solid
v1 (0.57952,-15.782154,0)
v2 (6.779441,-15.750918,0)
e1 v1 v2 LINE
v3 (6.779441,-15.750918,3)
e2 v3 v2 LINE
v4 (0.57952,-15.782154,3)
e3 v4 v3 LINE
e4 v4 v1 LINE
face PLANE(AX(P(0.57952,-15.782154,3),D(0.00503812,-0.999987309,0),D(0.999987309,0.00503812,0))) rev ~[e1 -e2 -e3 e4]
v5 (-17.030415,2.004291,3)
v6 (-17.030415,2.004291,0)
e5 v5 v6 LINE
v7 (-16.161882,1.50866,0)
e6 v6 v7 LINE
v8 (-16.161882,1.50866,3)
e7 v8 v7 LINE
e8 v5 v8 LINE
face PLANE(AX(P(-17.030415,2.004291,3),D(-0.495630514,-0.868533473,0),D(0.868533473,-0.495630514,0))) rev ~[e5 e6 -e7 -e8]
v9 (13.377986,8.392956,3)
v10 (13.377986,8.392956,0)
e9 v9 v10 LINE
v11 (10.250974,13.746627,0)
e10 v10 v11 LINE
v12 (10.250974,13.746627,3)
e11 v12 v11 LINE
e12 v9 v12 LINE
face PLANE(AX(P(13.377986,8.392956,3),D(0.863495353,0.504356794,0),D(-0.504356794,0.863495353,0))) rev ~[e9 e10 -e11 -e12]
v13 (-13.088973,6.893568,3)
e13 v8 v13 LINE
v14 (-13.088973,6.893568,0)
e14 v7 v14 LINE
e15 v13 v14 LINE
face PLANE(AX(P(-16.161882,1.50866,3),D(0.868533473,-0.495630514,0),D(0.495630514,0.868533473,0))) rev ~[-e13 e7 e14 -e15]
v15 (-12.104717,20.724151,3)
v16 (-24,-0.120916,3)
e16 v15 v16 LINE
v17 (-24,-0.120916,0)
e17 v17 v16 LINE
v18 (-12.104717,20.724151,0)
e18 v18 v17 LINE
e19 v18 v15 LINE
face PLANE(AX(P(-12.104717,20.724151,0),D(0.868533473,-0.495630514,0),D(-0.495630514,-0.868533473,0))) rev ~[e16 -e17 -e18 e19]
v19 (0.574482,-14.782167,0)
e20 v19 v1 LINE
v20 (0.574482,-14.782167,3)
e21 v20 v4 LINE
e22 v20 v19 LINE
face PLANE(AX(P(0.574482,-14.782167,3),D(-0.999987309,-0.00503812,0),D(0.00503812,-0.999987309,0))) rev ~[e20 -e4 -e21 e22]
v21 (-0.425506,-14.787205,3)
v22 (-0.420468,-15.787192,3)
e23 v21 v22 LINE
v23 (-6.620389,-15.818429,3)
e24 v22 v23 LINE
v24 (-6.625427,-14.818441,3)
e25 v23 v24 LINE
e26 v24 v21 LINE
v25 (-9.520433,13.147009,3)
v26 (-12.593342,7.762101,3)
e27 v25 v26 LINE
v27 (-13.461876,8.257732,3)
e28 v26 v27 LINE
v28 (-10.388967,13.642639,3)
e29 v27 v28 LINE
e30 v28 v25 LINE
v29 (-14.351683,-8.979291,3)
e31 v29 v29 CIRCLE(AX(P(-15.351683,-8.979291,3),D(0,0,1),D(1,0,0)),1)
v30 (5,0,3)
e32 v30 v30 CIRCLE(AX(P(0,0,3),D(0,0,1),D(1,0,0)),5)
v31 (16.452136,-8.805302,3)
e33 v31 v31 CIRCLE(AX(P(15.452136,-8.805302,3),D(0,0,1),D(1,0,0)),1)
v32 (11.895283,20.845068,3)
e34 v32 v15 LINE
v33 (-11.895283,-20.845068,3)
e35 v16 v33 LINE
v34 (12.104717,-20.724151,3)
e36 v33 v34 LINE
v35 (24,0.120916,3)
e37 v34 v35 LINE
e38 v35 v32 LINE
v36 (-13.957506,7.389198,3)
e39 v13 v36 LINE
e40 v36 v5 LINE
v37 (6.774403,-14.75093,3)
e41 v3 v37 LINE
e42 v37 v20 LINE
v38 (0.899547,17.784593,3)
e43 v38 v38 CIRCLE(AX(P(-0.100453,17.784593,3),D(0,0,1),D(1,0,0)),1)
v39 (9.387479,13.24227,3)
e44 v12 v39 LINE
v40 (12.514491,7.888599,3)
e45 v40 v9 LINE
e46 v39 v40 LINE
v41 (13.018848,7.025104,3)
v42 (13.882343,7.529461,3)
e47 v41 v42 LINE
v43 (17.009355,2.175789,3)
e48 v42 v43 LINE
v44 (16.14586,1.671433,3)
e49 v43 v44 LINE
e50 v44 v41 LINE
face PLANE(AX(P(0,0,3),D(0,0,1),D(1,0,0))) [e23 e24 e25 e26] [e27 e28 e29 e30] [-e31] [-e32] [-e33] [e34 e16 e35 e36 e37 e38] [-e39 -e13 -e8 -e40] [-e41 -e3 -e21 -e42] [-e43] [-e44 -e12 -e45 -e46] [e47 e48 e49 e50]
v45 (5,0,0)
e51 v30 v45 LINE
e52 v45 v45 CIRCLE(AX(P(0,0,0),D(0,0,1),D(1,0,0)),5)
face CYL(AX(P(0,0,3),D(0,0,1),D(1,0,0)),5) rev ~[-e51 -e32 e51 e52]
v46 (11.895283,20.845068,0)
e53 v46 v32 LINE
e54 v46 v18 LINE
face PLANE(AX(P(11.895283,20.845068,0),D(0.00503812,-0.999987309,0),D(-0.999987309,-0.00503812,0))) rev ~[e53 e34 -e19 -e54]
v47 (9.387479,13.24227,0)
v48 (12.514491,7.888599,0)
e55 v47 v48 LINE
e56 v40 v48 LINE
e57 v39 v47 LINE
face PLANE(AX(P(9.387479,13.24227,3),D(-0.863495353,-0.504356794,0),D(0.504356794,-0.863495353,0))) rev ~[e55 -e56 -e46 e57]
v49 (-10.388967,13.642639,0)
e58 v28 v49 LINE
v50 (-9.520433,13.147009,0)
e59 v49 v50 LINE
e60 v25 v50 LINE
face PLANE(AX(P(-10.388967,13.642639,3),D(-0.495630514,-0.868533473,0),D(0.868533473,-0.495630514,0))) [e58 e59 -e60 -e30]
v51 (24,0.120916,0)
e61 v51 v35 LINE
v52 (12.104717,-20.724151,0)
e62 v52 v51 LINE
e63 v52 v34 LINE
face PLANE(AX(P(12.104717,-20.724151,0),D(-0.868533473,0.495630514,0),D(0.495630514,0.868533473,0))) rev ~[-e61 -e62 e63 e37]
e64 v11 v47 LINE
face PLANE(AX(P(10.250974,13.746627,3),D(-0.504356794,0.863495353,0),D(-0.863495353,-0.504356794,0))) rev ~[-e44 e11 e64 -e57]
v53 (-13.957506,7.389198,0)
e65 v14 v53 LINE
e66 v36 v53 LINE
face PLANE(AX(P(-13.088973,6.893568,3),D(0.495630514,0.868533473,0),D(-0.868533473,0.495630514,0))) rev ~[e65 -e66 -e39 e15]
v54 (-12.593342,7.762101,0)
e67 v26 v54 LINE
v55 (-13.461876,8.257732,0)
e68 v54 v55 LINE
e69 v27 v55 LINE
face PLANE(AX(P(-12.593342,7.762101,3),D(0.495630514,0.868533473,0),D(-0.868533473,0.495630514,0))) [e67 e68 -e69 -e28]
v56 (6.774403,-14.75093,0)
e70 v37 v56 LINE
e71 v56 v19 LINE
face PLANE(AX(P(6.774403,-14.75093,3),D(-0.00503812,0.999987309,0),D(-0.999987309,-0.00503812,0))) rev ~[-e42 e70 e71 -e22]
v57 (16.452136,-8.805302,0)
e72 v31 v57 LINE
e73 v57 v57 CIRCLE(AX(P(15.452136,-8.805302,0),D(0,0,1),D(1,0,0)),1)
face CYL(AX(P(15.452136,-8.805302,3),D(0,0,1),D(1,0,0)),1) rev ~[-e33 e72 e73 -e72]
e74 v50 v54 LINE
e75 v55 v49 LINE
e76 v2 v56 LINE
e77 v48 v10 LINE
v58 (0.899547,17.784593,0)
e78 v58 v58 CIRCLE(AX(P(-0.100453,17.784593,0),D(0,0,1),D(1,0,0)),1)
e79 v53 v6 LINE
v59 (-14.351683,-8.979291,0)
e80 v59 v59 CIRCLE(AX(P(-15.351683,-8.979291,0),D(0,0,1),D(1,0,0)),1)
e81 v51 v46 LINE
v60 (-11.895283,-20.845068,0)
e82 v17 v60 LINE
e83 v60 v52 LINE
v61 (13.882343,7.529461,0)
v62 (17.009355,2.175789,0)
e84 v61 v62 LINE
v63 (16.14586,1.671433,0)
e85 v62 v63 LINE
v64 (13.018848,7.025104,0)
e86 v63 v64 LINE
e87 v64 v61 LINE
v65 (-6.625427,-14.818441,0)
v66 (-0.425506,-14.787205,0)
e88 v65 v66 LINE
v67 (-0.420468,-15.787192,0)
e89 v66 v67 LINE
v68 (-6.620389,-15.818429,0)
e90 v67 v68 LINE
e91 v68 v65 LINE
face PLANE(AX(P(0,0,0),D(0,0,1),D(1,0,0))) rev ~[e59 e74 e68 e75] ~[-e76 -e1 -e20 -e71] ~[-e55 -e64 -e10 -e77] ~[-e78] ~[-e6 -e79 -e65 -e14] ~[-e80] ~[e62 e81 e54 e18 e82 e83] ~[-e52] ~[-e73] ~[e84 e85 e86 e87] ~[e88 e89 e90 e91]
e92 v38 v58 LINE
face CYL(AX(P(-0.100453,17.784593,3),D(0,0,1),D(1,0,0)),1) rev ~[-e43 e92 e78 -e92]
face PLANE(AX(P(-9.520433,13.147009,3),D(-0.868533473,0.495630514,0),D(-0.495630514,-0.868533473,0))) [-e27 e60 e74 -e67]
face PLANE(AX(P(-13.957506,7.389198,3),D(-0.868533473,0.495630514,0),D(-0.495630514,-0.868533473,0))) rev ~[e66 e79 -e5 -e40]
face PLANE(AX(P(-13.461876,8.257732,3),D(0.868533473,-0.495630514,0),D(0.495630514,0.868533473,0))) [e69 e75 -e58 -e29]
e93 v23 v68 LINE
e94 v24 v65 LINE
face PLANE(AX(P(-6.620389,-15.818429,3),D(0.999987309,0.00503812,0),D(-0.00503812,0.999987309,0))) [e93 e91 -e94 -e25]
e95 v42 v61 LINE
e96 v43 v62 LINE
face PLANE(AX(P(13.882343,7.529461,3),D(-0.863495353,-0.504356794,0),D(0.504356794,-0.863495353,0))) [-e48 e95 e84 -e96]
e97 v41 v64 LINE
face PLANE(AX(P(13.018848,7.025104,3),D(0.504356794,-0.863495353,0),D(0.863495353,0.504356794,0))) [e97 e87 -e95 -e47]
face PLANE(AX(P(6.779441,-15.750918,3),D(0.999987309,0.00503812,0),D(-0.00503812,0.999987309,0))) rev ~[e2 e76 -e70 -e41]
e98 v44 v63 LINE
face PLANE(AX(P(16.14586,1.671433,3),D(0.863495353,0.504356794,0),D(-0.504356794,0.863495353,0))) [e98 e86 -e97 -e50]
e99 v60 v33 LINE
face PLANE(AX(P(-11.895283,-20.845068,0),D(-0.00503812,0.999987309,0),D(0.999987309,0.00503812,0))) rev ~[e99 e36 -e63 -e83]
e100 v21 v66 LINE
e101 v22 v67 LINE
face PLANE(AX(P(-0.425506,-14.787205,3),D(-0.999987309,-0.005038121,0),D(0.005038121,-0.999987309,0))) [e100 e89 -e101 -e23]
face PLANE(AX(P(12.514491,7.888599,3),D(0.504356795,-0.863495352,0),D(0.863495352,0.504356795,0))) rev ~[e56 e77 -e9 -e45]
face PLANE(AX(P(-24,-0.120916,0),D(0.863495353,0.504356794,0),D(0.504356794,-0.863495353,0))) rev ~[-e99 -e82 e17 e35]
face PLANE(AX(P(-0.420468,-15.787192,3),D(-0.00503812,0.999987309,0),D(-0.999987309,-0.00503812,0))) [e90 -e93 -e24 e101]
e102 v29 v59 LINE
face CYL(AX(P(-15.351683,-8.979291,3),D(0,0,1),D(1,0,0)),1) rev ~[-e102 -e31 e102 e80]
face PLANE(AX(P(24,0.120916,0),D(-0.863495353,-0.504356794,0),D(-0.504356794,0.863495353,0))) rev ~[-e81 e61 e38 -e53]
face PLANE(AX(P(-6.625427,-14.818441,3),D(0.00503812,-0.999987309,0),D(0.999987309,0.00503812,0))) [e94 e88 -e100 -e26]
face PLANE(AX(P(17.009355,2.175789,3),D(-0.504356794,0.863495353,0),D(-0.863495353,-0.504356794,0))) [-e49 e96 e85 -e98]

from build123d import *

# Parameters (mm, degrees)
EXTRUDE_1_DEPTH     = 3
CUT_EXTRUDE_1_DEPTH = 3
SKETCH_3_R          = 5
CUT_EXTRUDE_2_DEPTH = 3
SKETCH_6_R          = 1
CUT_EXTRUDE_3_DEPTH = 3


with BuildPart() as part:
    # 草图1 → 凸台-拉伸1 (new body)
    with BuildSketch(Plane.XY):
        Polygon((11.895283312, 20.845067899), (-12.104716688, 20.724151483), (-24, -0.120916416), (-11.895283312, -20.845067899), (12.104716688, -20.724151483), (24, 0.120916416), align=None)
    extrude(amount=EXTRUDE_1_DEPTH)

    # 草图2 → 切除-拉伸1 (cut)
    with BuildSketch(Plane.XY.offset(3)):
        Polygon((10.250974371, 13.746627049), (9.387479018, 13.242270255), (12.514491143, 7.888599068), (13.377986495, 8.392955863), align=None)
        Polygon((13.018847937, 7.025103716), (13.88234329, 7.52946051), (17.009355414, 2.175789323), (16.145860061, 1.671432529), align=None)
        Polygon((6.779441055, -15.750917743), (6.774402935, -14.750930435), (0.574481622, -14.782166779), (0.579519742, -15.782154088), align=None)
        Polygon((-0.425505687, -14.787204899), (-0.420467566, -15.787192208), (-6.62038888, -15.818428552), (-6.625427, -14.818441244), align=None)
        Polygon((-17.030415426, 2.004290694), (-16.161881954, 1.50866018), (-13.088972765, 6.893567711), (-13.957506238, 7.389198225), align=None)
        Polygon((-12.59334225, 7.762101184), (-13.461875723, 8.257731698), (-10.388966534, 13.642639229), (-9.520433062, 13.147008715), align=None)
    extrude(amount=-CUT_EXTRUDE_1_DEPTH, mode=Mode.SUBTRACT)

    # 草图3 → 切除-拉伸2 (cut)
    with BuildSketch(Plane.XY.offset(3)):
        Circle(SKETCH_3_R)
    extrude(amount=-CUT_EXTRUDE_2_DEPTH, mode=Mode.SUBTRACT)

    # 草图6 → 切除-拉伸3 (cut)
    with BuildSketch(Plane.XY.offset(3)):
        with Locations((-0.100452801, 17.784593098)):
            Circle(SKETCH_6_R)
        with Locations((15.45213582, -8.805301872)):
            Circle(SKETCH_6_R)
        with Locations((-15.351683019, -8.979291227)):
            Circle(SKETCH_6_R)
    extrude(amount=-CUT_EXTRUDE_3_DEPTH, mode=Mode.SUBTRACT)


solid = part.part
